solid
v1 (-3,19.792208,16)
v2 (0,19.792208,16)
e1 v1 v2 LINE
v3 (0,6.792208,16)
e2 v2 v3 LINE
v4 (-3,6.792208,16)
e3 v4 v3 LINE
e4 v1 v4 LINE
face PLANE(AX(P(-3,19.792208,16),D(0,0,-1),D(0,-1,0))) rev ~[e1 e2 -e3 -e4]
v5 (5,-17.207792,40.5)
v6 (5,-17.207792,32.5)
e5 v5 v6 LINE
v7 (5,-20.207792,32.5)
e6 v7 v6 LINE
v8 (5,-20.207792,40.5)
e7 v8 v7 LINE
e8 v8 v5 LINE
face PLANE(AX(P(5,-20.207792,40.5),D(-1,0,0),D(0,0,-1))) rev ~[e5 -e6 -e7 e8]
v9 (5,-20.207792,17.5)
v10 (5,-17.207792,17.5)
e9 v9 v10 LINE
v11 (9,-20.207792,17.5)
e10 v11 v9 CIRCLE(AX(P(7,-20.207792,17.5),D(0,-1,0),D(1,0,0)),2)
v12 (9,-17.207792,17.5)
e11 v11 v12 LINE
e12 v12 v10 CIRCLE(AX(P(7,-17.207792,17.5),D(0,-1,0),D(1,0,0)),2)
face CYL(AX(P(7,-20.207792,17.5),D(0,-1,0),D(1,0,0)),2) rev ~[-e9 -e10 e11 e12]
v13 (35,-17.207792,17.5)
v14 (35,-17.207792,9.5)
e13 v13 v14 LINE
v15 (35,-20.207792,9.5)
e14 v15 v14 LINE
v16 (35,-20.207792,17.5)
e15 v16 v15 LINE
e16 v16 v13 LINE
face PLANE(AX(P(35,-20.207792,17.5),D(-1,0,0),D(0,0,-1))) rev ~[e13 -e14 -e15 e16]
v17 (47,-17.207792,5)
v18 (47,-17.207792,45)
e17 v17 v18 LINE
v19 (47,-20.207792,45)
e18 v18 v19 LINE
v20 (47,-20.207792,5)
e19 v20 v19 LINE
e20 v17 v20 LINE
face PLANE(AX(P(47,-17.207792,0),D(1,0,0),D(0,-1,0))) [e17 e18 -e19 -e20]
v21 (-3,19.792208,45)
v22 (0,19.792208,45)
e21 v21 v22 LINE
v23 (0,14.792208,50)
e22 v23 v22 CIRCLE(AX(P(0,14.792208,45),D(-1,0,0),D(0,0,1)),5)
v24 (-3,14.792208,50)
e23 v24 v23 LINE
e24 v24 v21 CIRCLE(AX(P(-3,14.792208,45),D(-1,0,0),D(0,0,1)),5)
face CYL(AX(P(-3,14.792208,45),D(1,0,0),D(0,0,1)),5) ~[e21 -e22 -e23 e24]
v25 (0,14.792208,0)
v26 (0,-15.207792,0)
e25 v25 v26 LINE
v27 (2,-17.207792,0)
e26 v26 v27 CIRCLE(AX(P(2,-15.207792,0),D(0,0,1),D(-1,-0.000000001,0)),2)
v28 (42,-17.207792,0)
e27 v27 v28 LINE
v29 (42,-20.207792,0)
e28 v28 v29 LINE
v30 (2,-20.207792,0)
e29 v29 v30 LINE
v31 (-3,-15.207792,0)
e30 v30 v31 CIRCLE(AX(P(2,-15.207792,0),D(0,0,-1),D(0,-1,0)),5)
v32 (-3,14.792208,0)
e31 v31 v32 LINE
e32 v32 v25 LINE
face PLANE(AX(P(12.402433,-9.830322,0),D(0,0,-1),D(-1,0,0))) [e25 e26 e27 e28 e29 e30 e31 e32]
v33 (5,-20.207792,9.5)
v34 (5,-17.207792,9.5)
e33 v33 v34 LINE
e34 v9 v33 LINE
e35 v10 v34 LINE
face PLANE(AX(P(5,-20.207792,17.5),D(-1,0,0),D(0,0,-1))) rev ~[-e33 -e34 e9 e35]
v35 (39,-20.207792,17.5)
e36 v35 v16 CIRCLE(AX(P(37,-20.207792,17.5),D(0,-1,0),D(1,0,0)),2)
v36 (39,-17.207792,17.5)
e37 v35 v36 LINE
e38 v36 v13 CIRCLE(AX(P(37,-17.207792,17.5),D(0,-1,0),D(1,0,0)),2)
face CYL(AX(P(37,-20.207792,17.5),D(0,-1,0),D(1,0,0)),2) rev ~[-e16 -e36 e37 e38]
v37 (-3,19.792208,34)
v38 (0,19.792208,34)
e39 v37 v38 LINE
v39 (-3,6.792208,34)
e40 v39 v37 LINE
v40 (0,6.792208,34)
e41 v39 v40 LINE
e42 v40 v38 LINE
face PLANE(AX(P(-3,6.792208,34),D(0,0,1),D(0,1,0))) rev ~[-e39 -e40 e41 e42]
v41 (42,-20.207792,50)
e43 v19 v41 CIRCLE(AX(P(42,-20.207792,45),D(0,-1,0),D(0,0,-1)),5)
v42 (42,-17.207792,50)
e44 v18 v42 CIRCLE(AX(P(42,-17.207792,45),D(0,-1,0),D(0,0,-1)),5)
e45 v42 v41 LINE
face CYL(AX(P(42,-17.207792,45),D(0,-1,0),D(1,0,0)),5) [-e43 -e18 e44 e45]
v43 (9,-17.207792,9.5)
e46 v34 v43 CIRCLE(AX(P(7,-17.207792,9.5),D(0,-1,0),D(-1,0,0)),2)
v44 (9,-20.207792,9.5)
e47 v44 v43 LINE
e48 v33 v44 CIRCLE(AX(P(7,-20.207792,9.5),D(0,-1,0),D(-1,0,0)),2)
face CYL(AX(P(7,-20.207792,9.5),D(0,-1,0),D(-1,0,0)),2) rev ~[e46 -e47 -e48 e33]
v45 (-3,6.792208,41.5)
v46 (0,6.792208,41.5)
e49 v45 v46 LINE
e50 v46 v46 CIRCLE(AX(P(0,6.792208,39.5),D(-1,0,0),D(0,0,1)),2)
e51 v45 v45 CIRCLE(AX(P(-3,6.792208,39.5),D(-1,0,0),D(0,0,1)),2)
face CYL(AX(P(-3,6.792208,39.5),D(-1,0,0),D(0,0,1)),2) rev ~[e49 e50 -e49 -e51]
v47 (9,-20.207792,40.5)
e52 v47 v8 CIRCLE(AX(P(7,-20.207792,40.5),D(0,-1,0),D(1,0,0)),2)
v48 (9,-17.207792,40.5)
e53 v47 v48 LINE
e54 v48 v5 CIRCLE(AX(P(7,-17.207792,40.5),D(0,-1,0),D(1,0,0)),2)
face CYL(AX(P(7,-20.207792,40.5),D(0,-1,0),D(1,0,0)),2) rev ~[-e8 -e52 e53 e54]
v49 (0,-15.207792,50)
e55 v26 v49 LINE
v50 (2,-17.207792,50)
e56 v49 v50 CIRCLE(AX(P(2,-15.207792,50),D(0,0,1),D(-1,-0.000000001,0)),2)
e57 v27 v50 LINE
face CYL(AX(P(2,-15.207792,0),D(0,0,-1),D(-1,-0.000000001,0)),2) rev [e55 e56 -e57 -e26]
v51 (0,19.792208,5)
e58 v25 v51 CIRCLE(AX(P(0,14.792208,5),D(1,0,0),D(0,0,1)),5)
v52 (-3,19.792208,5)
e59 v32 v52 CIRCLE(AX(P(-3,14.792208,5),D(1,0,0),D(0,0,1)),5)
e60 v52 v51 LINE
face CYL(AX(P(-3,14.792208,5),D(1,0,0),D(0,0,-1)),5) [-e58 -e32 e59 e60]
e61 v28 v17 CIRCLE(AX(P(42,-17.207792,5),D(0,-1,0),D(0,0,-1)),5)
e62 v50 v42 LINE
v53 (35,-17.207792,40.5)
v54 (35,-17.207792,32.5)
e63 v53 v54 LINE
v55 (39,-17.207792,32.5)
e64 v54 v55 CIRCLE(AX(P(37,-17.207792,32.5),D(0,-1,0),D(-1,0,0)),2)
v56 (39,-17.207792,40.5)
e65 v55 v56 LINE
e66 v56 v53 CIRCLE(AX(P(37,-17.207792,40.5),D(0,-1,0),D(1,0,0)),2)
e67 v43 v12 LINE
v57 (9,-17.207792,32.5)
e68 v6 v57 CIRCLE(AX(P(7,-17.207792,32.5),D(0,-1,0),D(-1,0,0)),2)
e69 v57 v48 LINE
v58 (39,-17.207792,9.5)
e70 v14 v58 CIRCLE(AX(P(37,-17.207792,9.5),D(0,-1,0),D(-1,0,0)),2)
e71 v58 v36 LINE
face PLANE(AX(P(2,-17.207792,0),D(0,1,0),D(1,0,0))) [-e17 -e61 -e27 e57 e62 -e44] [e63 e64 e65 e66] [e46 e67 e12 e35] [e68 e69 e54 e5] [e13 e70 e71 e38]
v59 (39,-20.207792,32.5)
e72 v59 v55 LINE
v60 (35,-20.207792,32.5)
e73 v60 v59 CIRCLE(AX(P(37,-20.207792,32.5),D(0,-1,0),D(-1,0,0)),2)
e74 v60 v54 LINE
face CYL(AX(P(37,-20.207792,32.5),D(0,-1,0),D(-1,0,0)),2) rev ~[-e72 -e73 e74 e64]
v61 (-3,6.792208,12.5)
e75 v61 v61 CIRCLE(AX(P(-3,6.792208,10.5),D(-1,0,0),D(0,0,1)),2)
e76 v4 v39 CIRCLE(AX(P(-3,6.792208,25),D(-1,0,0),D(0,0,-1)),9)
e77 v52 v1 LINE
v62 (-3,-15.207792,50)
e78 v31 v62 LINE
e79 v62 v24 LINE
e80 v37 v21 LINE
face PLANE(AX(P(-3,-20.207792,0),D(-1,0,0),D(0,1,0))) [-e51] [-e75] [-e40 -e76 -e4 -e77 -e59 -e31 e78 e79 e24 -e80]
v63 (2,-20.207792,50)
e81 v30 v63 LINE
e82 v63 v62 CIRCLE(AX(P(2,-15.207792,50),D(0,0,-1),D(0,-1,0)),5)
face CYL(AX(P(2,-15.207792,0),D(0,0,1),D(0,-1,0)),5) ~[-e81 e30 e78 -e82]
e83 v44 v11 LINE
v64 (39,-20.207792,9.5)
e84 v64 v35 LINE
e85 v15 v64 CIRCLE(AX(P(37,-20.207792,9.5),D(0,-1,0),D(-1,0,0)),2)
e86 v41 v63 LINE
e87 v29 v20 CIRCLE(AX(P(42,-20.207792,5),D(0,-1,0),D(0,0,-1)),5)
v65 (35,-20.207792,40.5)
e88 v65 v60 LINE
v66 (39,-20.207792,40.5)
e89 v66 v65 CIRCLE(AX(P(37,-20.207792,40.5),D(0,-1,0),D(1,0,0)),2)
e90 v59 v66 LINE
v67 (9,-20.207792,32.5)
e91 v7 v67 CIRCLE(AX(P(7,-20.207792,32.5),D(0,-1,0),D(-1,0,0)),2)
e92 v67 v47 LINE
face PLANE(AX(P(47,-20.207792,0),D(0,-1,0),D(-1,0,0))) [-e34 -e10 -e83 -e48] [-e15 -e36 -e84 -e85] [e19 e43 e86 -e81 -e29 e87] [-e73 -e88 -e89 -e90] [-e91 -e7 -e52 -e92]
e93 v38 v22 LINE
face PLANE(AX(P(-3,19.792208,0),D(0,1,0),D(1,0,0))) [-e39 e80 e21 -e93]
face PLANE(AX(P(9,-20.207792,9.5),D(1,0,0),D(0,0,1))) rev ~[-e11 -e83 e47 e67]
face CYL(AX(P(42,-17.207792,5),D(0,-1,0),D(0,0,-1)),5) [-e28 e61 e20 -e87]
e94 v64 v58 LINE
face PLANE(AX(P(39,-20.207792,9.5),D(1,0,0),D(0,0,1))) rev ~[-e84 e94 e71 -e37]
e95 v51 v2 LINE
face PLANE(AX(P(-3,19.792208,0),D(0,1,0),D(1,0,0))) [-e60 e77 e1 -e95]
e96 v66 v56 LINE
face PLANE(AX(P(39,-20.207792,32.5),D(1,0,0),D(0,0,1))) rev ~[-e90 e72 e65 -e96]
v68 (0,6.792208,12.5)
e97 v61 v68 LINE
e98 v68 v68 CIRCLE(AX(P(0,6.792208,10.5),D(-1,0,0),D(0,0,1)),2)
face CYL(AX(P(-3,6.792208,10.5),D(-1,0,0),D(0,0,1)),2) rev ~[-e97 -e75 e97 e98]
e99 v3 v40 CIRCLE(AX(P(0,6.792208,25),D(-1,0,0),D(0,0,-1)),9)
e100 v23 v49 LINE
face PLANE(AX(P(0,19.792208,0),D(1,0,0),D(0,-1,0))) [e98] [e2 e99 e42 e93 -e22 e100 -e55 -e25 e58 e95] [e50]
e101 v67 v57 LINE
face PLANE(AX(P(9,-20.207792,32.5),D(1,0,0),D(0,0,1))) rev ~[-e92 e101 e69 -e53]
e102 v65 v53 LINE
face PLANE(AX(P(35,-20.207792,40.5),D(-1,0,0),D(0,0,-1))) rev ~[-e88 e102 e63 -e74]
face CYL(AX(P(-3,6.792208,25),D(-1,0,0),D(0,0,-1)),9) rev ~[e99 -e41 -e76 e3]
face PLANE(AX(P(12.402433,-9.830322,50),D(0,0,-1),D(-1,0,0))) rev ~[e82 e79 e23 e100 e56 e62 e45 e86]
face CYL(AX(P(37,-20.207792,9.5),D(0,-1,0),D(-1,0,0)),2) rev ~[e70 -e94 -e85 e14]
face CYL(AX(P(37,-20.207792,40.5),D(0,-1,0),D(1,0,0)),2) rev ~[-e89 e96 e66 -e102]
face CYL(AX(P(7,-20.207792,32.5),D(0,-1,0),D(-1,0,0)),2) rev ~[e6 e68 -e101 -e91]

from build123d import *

# Parameters (mm, degrees)
EXTRUDE_1_DEPTH     = 50
SKETCH_2_R          = 2
CUT_EXTRUDE_1_DEPTH = 3
CUT_EXTRUDE_2_DEPTH = 3
FILLET_1_R          = 5
FILLET_2_R          = 5


with BuildPart() as part:
    # 草图1 → 凸台-拉伸1 (new body)
    with BuildSketch(Plane.XY):
        with BuildLine():
            Line((0, 19.792207792), (0, -15.207792208))
            ThreePointArc((0, -15.207792208), (0.585786438, -16.62200577), (2, -17.207792208))
            Line((2, -17.207792208), (47, -17.207792208))
            Line((47, -17.207792208), (47, -20.207792208))
            Line((47, -20.207792208), (-3, -20.207792208))
            Line((-3, -20.207792208), (-3, 19.792207792))
            Line((-3, 19.792207792), (0, 19.792207792))
        make_face()
    extrude(amount=EXTRUDE_1_DEPTH)

    # 草图2 → 切除-拉伸1 (cut)
    with BuildSketch(Plane.ZY.offset(3)):
        with Locations((10.5, 6.792207792)):
            Circle(SKETCH_2_R)
        with BuildLine():
            Line((34, 19.792207792), (16, 19.792207792))
            Line((16, 19.792207792), (16, 6.792207792))
            ThreePointArc((16, 6.792207792), (25, -2.207792208), (34, 6.792207792))
            Line((34, 6.792207792), (34, 19.792207792))
        make_face()
        with Locations((39.5, 6.792207792)):
            Circle(SKETCH_2_R)
    extrude(amount=-CUT_EXTRUDE_1_DEPTH, mode=Mode.SUBTRACT)

    # 草图3 → 切除-拉伸2 (cut)
    with BuildSketch(Plane.XZ.offset(20.207792208)):
        with BuildLine():
            Line((39, 32.5), (39, 40.5))
            ThreePointArc((39, 40.5), (37, 42.5), (35, 40.5))
            Line((35, 40.5), (35, 32.5))
            ThreePointArc((35, 32.5), (37, 30.5), (39, 32.5))
        make_face()
        with BuildLine():
            Line((35, 17.5), (35, 9.5))
            ThreePointArc((35, 9.5), (37, 7.5), (39, 9.5))
            Line((39, 9.5), (39, 17.5))
            ThreePointArc((39, 17.5), (37, 19.5), (35, 17.5))
        make_face()
        with BuildLine():
            Line((5, 17.5), (5, 9.5))
            ThreePointArc((5, 9.5), (7, 7.5), (9, 9.5))
            Line((9, 9.5), (9, 17.5))
            ThreePointArc((9, 17.5), (7, 19.5), (5, 17.5))
        make_face()
        with BuildLine():
            Line((9, 32.5), (9, 40.5))
            ThreePointArc((9, 40.5), (7, 42.5), (5, 40.5))
            Line((5, 40.5), (5, 32.5))
            ThreePointArc((5, 32.5), (7, 30.5), (9, 32.5))
        make_face()
    extrude(amount=-CUT_EXTRUDE_2_DEPTH, mode=Mode.SUBTRACT)

    # 圆角1
    fillet_1_edges = [part.edges().sort_by_distance(p)[0] for p in [
        (-3, -20.207792208, 25),
    ]]
    fillet(fillet_1_edges, radius=FILLET_1_R)

    # 圆角2
    fillet_2_edges = [part.edges().sort_by_distance(p)[0] for p in [
        (47, -18.707792208, 50),
        (-1.5, 19.792207792, 50),
        (47, -18.707792208, 0),
        (-1.5, 19.792207792, 0),
    ]]
    fillet(fillet_2_edges, radius=FILLET_2_R)


solid = part.part
